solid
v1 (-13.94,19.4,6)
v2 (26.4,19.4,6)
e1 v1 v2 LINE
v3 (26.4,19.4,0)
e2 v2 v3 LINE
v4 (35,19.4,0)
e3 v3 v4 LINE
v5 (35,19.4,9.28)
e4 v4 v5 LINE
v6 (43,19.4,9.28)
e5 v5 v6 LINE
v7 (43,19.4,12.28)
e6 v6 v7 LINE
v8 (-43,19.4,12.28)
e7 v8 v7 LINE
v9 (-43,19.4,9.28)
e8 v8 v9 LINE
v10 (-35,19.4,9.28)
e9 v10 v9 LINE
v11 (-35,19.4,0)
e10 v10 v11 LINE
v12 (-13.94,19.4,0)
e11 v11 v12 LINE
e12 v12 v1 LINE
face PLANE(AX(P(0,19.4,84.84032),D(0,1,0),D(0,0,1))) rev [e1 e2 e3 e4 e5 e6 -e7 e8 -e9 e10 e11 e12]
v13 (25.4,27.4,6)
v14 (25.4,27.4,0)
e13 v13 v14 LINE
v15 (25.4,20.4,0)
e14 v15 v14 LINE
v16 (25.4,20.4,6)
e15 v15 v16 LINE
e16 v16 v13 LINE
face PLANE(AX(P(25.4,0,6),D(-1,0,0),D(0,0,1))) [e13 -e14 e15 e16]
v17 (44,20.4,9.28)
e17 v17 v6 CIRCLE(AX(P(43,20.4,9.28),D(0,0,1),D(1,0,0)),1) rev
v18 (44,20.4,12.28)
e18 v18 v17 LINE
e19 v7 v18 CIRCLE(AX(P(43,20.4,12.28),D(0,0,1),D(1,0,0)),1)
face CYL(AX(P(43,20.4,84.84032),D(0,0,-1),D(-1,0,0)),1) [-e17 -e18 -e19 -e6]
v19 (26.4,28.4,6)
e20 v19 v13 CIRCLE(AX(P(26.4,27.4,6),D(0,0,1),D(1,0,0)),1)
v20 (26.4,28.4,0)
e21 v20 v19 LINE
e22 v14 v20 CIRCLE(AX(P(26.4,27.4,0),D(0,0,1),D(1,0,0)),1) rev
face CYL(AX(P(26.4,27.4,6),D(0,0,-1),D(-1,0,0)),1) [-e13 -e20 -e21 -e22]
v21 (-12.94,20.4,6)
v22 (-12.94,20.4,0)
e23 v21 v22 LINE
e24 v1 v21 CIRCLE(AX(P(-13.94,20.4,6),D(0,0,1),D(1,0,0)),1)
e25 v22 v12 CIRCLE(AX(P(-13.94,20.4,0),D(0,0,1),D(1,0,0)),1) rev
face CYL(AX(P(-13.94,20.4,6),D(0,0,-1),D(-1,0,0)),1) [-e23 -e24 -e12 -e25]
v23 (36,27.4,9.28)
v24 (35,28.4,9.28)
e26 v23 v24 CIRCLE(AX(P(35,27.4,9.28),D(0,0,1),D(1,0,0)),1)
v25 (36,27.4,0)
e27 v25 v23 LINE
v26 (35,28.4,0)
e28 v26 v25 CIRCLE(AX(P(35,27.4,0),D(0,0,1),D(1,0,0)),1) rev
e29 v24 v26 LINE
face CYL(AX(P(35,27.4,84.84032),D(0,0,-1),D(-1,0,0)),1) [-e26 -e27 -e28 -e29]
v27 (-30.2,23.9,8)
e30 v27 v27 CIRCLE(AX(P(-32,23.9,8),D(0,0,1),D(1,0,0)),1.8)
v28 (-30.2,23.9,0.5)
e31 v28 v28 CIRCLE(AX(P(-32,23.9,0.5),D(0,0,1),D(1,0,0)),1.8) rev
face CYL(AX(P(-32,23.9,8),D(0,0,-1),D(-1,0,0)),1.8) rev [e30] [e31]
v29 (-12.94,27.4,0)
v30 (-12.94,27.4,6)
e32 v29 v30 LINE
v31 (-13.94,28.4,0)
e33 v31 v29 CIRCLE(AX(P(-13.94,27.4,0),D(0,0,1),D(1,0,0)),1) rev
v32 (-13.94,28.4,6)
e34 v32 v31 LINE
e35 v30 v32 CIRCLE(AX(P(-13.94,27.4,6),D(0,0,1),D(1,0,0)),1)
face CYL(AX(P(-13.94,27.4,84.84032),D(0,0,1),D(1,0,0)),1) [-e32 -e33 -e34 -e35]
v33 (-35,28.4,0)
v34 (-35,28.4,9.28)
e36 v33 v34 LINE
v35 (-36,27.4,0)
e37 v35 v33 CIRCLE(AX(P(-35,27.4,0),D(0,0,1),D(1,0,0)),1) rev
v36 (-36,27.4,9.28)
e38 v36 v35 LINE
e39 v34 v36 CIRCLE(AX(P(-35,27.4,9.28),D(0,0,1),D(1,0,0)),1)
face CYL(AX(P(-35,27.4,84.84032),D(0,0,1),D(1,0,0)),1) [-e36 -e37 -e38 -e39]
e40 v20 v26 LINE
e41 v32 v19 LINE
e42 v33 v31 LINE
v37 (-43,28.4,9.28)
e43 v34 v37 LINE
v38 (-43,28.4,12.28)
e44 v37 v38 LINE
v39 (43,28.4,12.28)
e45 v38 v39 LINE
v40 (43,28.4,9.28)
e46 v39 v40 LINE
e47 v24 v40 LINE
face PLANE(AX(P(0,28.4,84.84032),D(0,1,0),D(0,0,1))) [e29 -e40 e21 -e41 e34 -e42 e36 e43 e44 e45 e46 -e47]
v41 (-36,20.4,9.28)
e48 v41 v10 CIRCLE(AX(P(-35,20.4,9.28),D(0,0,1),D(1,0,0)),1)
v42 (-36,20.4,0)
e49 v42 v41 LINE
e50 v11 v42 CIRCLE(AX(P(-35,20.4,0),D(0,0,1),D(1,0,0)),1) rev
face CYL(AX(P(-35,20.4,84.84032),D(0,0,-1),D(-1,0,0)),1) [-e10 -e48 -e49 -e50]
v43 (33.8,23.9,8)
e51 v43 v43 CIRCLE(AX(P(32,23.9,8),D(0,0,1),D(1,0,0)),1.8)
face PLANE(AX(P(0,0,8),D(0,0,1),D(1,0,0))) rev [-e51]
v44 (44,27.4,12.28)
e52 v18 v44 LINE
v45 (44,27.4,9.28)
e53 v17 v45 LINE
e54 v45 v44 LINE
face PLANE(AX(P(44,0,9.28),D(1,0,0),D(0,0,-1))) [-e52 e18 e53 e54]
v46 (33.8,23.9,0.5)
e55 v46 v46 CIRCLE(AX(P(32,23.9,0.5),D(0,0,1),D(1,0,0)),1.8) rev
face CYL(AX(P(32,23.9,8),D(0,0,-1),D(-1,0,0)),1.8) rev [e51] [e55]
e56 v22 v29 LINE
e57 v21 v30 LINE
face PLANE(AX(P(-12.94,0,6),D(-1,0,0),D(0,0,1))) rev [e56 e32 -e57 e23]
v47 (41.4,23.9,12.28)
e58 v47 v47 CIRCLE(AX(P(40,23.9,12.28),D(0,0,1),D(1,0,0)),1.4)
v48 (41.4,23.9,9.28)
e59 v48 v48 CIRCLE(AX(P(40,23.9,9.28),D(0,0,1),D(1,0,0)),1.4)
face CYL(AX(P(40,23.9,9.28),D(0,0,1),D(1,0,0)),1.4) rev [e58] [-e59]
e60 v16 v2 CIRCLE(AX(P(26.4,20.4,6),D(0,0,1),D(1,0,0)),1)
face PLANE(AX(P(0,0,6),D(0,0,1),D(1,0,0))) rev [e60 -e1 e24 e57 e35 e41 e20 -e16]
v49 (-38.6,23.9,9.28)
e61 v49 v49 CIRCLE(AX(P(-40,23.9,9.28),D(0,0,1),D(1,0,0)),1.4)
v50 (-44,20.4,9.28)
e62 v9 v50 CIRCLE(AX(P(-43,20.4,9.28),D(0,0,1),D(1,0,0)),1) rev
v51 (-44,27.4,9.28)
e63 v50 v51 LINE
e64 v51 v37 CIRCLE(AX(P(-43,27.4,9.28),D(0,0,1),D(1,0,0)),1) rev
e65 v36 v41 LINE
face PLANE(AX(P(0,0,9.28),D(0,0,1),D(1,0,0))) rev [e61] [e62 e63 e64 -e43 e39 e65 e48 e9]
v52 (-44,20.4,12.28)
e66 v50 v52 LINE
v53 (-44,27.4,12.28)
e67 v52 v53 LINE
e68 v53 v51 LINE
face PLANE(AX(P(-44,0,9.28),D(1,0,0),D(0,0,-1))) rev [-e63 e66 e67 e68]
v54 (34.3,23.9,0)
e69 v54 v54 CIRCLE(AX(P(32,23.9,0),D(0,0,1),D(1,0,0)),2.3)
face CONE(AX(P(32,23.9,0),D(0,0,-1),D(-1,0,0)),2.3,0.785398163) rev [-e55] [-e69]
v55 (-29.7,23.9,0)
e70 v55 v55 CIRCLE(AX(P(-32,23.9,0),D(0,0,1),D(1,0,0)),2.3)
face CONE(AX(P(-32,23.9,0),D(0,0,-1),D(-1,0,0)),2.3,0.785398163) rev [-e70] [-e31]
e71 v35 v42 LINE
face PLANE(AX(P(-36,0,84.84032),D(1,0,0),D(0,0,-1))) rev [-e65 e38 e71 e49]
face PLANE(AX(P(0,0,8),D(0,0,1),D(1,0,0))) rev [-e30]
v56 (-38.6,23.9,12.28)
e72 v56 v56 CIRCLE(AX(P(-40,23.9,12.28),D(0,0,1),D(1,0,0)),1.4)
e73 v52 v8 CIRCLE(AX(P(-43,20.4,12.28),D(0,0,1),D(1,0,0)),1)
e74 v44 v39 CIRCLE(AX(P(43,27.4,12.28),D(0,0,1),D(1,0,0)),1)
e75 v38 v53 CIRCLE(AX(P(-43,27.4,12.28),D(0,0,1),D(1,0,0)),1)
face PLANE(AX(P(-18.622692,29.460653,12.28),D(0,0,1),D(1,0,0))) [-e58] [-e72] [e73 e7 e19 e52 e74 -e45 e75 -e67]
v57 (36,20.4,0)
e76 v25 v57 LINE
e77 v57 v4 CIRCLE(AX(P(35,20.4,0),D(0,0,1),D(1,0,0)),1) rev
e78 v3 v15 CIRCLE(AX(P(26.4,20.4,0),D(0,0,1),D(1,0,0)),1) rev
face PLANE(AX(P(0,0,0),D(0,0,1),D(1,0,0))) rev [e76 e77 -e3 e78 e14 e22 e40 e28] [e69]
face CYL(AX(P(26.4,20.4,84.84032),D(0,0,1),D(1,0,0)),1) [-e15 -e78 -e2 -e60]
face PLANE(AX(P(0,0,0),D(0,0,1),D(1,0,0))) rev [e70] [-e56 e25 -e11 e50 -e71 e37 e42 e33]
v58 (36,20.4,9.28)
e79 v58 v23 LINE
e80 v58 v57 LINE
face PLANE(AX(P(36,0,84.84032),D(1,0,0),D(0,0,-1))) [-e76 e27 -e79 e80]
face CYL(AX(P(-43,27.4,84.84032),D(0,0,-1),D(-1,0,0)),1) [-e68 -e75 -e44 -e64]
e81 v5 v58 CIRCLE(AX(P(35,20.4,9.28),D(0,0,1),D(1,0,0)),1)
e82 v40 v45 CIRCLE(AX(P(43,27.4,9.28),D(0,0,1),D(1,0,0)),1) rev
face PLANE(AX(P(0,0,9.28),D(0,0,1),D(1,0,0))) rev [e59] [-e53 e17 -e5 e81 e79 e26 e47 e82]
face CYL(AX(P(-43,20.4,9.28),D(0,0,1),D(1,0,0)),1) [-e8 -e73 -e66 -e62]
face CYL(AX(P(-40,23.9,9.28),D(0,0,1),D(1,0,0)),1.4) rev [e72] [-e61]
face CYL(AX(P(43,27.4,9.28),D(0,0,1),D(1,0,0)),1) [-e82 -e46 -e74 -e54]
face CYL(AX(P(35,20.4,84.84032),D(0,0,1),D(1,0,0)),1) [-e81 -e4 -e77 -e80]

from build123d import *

# Parameters (mm, degrees)
SKETCH1_R           = 1.8
BOSS_EXTRUDE1_DEPTH = 12.28
CUT_EXTRUDE1_DEPTH  = 6
SKETCH1_4_R         = 1.8
CUT_EXTRUDE2_DEPTH  = 8
SKETCH2_W           = 8
SKETCH2_H           = 9
SKETCH2_R           = 1.4
BOSS_EXTRUDE2_DEPTH = 3
FILLET1_R           = 1
CHAMFER1_SIZE       = 0.5


with BuildPart() as part:
    # Sketch1 → Boss-Extrude1 (new body)
    # profile 1 of 5: a face of its own
    with BuildSketch(Plane.XY):
        Polygon((36, 28.4), (25.4, 28.4), (25.4, 27.4), (25.4, 20.4), (25.4, 19.4), (36, 19.4), align=None)
        with Locations((32, 23.9)):
            Circle(SKETCH1_R, mode=Mode.SUBTRACT)
    # profile 2 of 5: a face of its own
    with BuildSketch(Plane.XY):
        with Locations((32, 23.9)):
            Circle(SKETCH1_R)
    # profile 3 of 5: a face of its own
    with BuildSketch(Plane.XY):
        Polygon((-12.94, 28.4), (-36, 28.4), (-36, 19.4), (-12.94, 19.4), (-12.94, 20.4), (-12.94, 27.4), align=None)
        with Locations((-32, 23.9)):
            Circle(SKETCH1_R, mode=Mode.SUBTRACT)
    # profile 4 of 5: a face of its own
    with BuildSketch(Plane.XY):
        with Locations((-32, 23.9)):
            Circle(SKETCH1_R)
    # profile 5 of 5: a face of its own
    with BuildSketch(Plane.XY):
        Polygon((25.4, 28.4), (-12.94, 28.4), (-12.94, 27.4), (-12.94, 20.4), (-12.94, 19.4), (25.4, 19.4), (25.4, 20.4), (25.4, 27.4), align=None)
    extrude(amount=BOSS_EXTRUDE1_DEPTH)

    # Sketch1<3> → Cut-Extrude1 (cut)
    with BuildSketch(Plane.XY):
        Polygon((25.4, 28.4), (-12.94, 28.4), (-12.94, 27.4), (-12.94, 20.4), (-12.94, 19.4), (25.4, 19.4), (25.4, 20.4), (25.4, 27.4), align=None)
    extrude(amount=CUT_EXTRUDE1_DEPTH, mode=Mode.SUBTRACT)

    # Sketch1<4> → Cut-Extrude2 (cut)
    with BuildSketch(Plane.XY):
        with Locations((-32, 23.9)):
            Circle(SKETCH1_4_R)
        with Locations((32, 23.9)):
            Circle(SKETCH1_4_R)
    extrude(amount=CUT_EXTRUDE2_DEPTH, mode=Mode.SUBTRACT)

    # Sketch2 → Boss-Extrude2 (add)
    # profile 1 of 2: a face of its own
    with BuildSketch(Plane.XY.offset(12.28)):
        with Locations((-40, 23.9)):
            Rectangle(SKETCH2_W, SKETCH2_H)
        with Locations((-40, 23.9)):
            Circle(SKETCH2_R, mode=Mode.SUBTRACT)
    # profile 2 of 2: a face of its own
    with BuildSketch(Plane.XY.offset(12.28)):
        with Locations((40, 23.9)):
            Rectangle(SKETCH2_W, SKETCH2_H)
        with Locations((40, 23.9)):
            Circle(SKETCH2_R, mode=Mode.SUBTRACT)
    extrude(amount=-BOSS_EXTRUDE2_DEPTH)

    # Fillet1
    fillet1_edges = [part.edges().sort_by_distance(p)[0] for p in [
        (-12.94, 19.4, 3),
        (25.4, 19.4, 3),
        (25.4, 28.4, 3),
        (-12.94, 28.4, 3),
        (-36, 28.4, 4.64),
        (-36, 19.4, 4.64),
        (36, 28.4, 4.64),
        (36, 19.4, 4.64),
        (-44, 19.4, 10.78),
        (-44, 28.4, 10.78),
        (44, 19.4, 10.78),
        (44, 28.4, 10.78),
    ]]
    fillet(fillet1_edges, radius=FILLET1_R)

    # Chamfer1
    chamfer1_edges = [part.edges().sort_by_distance(p)[0] for p in [
        (-33.8, 23.9, 0),
        (30.2, 23.9, 0),
    ]]
    chamfer(chamfer1_edges, length=CHAMFER1_SIZE)


solid = part.part
